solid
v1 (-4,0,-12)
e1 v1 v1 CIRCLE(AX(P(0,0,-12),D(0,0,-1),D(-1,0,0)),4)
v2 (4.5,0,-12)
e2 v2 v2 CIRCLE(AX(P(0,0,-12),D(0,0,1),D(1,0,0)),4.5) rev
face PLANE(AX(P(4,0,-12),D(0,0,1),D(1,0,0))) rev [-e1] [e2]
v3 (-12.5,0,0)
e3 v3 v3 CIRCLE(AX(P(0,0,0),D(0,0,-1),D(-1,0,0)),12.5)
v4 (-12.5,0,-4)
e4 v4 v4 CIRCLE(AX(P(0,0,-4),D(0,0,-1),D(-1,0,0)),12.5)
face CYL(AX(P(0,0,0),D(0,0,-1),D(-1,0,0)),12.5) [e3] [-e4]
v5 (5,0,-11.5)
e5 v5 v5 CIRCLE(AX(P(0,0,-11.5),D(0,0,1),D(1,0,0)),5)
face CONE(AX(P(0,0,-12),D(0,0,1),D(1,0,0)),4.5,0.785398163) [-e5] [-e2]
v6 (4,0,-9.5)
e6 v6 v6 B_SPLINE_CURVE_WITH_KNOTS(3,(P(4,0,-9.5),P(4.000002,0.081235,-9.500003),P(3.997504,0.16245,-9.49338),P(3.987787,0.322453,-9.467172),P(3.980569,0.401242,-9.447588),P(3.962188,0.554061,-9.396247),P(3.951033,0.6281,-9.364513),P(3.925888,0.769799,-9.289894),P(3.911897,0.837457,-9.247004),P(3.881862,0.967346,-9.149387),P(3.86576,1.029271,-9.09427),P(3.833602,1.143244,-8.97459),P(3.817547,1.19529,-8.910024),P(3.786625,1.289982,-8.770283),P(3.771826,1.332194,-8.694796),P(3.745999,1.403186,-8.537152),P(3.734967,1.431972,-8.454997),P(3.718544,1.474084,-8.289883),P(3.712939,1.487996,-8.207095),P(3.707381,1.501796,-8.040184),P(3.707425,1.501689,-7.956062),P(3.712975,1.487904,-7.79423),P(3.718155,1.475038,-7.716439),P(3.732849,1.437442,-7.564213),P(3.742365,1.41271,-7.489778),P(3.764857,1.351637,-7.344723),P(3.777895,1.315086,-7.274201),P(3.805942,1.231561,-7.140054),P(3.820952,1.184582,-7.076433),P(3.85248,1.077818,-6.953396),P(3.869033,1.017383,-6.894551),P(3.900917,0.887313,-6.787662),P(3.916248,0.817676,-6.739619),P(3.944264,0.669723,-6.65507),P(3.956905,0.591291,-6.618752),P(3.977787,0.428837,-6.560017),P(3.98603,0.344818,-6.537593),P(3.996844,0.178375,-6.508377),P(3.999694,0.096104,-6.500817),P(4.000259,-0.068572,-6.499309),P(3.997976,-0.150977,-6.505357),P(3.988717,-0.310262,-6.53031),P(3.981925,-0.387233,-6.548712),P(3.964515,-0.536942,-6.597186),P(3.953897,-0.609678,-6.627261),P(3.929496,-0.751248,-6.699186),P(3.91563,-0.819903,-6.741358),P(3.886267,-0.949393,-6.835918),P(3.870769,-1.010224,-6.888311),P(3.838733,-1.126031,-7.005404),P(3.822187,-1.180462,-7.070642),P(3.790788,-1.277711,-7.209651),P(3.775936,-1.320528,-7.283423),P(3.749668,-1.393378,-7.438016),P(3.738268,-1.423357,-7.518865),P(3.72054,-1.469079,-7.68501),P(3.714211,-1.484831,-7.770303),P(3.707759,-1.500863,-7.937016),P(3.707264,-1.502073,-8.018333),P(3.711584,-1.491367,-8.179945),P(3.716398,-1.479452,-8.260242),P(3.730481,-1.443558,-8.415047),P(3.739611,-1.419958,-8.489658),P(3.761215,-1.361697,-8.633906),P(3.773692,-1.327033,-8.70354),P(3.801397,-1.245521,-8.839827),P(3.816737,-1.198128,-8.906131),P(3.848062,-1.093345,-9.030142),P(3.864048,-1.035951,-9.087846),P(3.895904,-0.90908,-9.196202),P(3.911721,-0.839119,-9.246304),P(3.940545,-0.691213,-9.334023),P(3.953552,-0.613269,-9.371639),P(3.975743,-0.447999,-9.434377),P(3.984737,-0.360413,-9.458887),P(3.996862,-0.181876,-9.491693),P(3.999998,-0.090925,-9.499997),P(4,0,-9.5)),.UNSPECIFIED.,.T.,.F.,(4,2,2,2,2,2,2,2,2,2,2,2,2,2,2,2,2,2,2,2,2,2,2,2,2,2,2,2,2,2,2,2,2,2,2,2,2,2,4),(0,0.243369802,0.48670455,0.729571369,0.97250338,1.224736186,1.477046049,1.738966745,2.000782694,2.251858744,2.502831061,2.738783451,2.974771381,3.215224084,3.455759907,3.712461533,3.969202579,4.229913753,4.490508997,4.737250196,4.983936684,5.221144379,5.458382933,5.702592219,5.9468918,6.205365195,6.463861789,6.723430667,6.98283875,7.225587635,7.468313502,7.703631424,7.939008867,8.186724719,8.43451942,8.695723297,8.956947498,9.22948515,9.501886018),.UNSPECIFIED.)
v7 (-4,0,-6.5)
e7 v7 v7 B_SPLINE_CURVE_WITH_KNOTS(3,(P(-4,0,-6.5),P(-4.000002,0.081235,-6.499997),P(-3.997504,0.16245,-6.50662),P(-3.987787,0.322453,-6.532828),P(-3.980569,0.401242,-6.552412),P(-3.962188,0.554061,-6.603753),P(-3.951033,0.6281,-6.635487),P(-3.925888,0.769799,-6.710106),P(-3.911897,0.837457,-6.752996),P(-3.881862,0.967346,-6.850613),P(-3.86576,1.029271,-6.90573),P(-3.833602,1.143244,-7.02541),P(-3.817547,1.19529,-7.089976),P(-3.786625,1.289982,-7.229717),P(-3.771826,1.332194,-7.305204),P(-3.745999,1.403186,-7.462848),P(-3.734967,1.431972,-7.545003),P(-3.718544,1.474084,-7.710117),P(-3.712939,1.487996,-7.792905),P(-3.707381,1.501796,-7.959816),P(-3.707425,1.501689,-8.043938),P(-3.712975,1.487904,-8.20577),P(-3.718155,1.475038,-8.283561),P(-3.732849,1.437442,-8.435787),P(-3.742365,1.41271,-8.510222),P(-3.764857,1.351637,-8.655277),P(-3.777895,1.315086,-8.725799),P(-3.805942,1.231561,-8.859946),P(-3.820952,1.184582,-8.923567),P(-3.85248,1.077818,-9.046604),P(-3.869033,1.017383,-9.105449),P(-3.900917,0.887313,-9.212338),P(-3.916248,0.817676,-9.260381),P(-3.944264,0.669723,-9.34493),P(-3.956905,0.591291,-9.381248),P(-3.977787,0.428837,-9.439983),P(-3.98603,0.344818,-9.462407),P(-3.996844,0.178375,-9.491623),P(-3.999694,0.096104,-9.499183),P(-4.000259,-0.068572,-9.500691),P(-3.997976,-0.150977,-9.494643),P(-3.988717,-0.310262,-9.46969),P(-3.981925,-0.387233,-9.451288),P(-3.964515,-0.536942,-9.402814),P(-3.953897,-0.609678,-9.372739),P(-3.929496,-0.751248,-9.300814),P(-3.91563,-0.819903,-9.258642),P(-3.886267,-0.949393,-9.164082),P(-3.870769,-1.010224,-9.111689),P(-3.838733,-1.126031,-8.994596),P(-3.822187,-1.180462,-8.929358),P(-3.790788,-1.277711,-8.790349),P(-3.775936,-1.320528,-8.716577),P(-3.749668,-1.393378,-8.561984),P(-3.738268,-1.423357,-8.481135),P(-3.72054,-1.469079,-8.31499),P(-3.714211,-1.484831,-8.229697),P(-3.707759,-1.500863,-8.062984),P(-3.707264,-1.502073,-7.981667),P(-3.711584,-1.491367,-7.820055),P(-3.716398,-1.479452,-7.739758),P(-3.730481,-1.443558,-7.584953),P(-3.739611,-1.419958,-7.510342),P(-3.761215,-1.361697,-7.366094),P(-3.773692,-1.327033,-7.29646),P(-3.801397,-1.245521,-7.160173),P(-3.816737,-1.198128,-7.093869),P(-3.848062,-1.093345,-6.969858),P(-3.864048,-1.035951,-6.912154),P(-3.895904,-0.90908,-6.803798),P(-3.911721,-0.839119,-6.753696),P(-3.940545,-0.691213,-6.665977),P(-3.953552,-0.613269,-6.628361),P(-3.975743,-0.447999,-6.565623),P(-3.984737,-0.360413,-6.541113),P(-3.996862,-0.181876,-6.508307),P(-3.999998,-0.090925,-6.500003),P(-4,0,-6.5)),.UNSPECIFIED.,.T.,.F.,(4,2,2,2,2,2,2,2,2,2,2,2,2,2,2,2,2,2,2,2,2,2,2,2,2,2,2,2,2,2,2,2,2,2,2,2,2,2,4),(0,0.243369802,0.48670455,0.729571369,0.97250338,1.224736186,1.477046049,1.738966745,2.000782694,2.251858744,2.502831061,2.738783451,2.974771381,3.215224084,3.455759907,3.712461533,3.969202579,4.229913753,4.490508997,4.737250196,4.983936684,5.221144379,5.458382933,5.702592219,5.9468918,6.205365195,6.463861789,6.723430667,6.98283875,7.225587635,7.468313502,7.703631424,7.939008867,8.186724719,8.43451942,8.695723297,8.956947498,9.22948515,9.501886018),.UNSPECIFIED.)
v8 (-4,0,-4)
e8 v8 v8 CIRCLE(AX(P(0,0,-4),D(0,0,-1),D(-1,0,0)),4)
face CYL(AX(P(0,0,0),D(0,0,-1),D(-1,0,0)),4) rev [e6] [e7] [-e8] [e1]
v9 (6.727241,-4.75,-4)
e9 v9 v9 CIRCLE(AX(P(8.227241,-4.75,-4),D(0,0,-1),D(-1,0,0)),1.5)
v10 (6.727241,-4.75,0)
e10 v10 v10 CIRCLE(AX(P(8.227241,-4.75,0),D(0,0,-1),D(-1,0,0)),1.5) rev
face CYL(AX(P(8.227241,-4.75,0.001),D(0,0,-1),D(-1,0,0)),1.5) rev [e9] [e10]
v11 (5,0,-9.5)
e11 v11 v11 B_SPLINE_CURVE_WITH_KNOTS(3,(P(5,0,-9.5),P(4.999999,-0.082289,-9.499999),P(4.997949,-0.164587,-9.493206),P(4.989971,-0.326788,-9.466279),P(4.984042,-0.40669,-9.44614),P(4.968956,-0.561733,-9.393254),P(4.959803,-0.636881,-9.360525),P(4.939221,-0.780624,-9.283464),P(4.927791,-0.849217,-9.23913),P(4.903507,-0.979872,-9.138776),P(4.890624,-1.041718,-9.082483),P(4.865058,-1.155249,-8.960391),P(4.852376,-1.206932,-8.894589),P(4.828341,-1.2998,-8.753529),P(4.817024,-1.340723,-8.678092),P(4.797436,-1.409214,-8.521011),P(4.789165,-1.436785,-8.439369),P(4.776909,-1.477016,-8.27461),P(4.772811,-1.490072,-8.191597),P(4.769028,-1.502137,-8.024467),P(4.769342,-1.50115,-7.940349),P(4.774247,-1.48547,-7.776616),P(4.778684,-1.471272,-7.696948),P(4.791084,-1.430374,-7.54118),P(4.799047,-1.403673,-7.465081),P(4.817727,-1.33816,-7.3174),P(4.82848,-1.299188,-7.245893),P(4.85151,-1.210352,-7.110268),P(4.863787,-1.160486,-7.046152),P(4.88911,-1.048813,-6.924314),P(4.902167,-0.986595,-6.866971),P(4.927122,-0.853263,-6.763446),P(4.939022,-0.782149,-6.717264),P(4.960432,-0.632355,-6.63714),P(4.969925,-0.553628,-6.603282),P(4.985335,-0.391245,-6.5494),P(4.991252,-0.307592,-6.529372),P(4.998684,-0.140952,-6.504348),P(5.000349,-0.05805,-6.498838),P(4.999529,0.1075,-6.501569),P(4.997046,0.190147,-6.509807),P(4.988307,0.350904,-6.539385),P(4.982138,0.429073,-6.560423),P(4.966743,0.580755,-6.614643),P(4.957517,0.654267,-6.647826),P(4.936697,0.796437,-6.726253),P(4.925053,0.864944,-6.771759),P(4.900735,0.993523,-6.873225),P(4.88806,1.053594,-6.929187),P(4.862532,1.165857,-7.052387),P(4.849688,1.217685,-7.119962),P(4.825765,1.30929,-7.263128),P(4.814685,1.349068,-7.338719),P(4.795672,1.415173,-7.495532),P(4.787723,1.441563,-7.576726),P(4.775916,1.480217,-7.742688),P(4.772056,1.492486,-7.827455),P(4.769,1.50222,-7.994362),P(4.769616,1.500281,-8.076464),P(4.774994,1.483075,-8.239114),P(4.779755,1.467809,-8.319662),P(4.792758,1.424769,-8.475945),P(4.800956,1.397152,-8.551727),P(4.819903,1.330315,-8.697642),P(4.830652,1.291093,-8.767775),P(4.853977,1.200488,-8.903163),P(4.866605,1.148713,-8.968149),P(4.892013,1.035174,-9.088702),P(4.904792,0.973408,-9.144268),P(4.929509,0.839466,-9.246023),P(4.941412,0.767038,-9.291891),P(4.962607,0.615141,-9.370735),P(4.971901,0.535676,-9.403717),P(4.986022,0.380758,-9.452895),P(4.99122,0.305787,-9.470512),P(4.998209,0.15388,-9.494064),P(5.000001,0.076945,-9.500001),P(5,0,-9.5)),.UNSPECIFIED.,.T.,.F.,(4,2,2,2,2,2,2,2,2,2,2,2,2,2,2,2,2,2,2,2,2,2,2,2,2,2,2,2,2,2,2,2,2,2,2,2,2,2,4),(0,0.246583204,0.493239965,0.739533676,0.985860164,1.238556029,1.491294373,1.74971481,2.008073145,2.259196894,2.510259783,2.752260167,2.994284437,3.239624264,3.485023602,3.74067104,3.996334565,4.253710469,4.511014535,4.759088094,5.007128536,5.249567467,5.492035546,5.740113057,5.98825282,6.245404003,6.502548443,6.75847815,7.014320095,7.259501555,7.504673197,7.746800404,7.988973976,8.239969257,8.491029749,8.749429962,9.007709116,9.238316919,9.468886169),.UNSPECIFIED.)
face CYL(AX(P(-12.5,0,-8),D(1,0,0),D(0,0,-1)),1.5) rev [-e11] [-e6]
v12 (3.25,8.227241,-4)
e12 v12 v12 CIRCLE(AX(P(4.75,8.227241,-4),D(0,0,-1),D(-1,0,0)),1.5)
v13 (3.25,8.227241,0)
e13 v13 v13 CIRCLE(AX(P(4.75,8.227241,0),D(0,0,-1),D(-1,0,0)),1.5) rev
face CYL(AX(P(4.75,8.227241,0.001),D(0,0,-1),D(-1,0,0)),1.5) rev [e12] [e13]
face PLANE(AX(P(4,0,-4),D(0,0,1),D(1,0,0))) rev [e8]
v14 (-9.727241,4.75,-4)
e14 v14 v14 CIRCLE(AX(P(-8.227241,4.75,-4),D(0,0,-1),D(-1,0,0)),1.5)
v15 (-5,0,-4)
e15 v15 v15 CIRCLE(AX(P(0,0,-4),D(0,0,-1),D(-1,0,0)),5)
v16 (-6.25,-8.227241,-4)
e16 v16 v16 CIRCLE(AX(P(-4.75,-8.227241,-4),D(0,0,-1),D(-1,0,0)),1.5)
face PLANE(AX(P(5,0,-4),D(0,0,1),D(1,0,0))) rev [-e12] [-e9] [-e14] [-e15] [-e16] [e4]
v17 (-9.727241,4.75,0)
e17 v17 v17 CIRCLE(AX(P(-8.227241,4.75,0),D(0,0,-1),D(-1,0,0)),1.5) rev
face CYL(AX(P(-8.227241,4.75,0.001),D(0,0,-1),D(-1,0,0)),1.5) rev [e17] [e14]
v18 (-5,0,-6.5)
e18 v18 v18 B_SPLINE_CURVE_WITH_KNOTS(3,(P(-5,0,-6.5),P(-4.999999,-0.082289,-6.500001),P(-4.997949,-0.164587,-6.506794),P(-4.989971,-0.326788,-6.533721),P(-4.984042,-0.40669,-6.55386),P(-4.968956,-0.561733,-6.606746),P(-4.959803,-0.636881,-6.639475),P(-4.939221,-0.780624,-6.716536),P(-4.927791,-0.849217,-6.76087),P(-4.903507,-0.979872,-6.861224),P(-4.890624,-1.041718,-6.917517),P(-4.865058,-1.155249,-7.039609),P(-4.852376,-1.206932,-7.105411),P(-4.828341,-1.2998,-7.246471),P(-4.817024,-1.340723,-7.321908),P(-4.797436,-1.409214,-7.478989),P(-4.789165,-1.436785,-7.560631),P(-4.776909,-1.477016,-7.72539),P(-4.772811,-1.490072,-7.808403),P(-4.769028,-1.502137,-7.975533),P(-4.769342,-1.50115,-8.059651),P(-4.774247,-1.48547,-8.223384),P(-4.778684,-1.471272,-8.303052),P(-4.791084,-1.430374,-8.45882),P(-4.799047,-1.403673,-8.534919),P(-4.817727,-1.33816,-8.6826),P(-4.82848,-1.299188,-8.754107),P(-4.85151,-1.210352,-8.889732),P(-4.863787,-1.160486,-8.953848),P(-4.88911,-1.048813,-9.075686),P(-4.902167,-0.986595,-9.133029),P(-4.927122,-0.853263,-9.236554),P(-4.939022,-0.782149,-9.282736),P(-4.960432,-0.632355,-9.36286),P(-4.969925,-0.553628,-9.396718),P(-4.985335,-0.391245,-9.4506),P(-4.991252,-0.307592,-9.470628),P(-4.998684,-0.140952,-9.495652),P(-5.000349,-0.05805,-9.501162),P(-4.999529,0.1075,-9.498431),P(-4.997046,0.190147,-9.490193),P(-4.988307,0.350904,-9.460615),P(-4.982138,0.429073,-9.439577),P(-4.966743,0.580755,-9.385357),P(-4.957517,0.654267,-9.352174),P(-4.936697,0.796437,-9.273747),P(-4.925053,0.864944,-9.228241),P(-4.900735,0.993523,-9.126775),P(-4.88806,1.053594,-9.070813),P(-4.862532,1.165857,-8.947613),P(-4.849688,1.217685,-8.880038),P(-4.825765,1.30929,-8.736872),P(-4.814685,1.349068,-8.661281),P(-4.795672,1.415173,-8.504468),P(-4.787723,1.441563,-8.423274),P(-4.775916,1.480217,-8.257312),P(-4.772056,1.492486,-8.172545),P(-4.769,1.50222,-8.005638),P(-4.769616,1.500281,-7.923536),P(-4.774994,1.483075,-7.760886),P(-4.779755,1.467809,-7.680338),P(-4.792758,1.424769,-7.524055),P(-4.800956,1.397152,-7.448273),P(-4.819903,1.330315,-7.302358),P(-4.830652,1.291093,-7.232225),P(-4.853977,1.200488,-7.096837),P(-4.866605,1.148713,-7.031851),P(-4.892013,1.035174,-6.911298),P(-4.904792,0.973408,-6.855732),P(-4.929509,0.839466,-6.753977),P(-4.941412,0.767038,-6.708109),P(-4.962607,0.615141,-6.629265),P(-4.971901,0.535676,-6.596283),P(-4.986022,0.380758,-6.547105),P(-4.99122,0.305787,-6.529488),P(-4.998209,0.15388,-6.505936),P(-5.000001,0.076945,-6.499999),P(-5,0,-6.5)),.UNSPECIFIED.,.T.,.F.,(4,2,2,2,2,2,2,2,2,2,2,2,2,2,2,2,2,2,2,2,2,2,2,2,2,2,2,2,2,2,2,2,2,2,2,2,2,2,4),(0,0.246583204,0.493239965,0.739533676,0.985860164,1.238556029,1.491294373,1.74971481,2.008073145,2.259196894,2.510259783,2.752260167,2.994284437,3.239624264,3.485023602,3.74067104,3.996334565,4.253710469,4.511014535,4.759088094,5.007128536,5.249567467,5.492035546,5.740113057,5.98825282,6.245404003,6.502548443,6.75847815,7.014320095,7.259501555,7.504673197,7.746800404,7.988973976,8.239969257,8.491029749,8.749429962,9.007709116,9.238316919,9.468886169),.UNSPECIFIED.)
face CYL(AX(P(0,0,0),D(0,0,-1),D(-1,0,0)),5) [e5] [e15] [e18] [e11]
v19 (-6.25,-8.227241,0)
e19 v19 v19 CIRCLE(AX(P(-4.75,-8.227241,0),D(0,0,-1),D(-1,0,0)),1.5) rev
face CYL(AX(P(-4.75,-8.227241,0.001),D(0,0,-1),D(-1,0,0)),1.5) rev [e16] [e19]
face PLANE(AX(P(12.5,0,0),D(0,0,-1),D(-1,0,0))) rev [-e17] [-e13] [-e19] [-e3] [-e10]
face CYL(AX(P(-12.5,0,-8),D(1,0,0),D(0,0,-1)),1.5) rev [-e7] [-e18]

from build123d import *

# Parameters (mm, degrees)
CUT_EXTRUDE1_REACH      = 6
SKETCH13_R              = 1.5
SKETCH5_R               = 1.5
CUT_EXTRUDE2_DEPTH      = 13.5
CUT_EXTRUDE2_DEPTH_BACK = 13.5
CHAMFER1_SIZE           = 0.5


with BuildPart() as part:
    # Sketch1 → Revolve1 (revolve)
    with BuildSketch(Plane(origin=(0, 0, 0), x_dir=(1, 0, 0), z_dir=(0, 1, 0))):
        Polygon((0, 0), (0, 4), (4, 4), (4, 12), (5, 12), (5, 4), (12.5, 4), (12.5, 0), align=None)
    revolve(axis=Axis((0, 0, 0), (0, 0, 1)))

    # Sketch13 → Cut-Extrude1 (cut, up to next)
    with BuildSketch(Plane(origin=(0, 0, -4), x_dir=(-1, 0, 0), z_dir=(0, 0, -1)), mode=Mode.PRIVATE) as cut_extrude1_sk1:
        with Locations((-4.75, 8.227241336)):
            Circle(SKETCH13_R)
    cut_extrude1_tool1 = extrude(cut_extrude1_sk1.sketch, amount=-CUT_EXTRUDE1_REACH, mode=Mode.PRIVATE) & part.part
    add(cut_extrude1_tool1.solids().sort_by_distance((4.75, 8.227241, -4))[0], mode=Mode.SUBTRACT)
    # Sketch13 → Cut-Extrude1 (cut, up to next)
    with BuildSketch(Plane(origin=(0, 0, -4), x_dir=(-1, 0, 0), z_dir=(0, 0, -1)), mode=Mode.PRIVATE) as cut_extrude1_sk2:
        with Locations((-8.227241336, -4.75)):
            Circle(SKETCH13_R)
    cut_extrude1_tool2 = extrude(cut_extrude1_sk2.sketch, amount=-CUT_EXTRUDE1_REACH, mode=Mode.PRIVATE) & part.part
    add(cut_extrude1_tool2.solids().sort_by_distance((8.227241, -4.75, -4))[0], mode=Mode.SUBTRACT)
    # Sketch13 → Cut-Extrude1 (cut, up to next)
    with BuildSketch(Plane(origin=(0, 0, -4), x_dir=(-1, 0, 0), z_dir=(0, 0, -1)), mode=Mode.PRIVATE) as cut_extrude1_sk3:
        with Locations((4.75, -8.227241336)):
            Circle(SKETCH13_R)
    cut_extrude1_tool3 = extrude(cut_extrude1_sk3.sketch, amount=-CUT_EXTRUDE1_REACH, mode=Mode.PRIVATE) & part.part
    add(cut_extrude1_tool3.solids().sort_by_distance((-4.75, -8.227241, -4))[0], mode=Mode.SUBTRACT)
    # Sketch13 → Cut-Extrude1 (cut, up to next)
    with BuildSketch(Plane(origin=(0, 0, -4), x_dir=(-1, 0, 0), z_dir=(0, 0, -1)), mode=Mode.PRIVATE) as cut_extrude1_sk4:
        with Locations((8.227241336, 4.75)):
            Circle(SKETCH13_R)
    cut_extrude1_tool4 = extrude(cut_extrude1_sk4.sketch, amount=-CUT_EXTRUDE1_REACH, mode=Mode.PRIVATE) & part.part
    add(cut_extrude1_tool4.solids().sort_by_distance((-8.227241, 4.75, -4))[0], mode=Mode.SUBTRACT)

    # Sketch5 → Cut-Extrude2 (cut, two sides)
    with BuildSketch(Plane(origin=(0, 0, 0), x_dir=(0, 0, -1), z_dir=(1, 0, 0))) as cut_extrude2_sk:
        with Locations((8, 0)):
            Circle(SKETCH5_R)
    extrude(amount=CUT_EXTRUDE2_DEPTH, mode=Mode.SUBTRACT)
    extrude(cut_extrude2_sk.sketch, amount=-CUT_EXTRUDE2_DEPTH_BACK, mode=Mode.SUBTRACT)

    # Chamfer1
    chamfer1_edges = [part.edges().sort_by_distance(p)[0] for p in [
        (-5, 0, -12),
    ]]
    chamfer(chamfer1_edges, length=CHAMFER1_SIZE)


solid = part.part
